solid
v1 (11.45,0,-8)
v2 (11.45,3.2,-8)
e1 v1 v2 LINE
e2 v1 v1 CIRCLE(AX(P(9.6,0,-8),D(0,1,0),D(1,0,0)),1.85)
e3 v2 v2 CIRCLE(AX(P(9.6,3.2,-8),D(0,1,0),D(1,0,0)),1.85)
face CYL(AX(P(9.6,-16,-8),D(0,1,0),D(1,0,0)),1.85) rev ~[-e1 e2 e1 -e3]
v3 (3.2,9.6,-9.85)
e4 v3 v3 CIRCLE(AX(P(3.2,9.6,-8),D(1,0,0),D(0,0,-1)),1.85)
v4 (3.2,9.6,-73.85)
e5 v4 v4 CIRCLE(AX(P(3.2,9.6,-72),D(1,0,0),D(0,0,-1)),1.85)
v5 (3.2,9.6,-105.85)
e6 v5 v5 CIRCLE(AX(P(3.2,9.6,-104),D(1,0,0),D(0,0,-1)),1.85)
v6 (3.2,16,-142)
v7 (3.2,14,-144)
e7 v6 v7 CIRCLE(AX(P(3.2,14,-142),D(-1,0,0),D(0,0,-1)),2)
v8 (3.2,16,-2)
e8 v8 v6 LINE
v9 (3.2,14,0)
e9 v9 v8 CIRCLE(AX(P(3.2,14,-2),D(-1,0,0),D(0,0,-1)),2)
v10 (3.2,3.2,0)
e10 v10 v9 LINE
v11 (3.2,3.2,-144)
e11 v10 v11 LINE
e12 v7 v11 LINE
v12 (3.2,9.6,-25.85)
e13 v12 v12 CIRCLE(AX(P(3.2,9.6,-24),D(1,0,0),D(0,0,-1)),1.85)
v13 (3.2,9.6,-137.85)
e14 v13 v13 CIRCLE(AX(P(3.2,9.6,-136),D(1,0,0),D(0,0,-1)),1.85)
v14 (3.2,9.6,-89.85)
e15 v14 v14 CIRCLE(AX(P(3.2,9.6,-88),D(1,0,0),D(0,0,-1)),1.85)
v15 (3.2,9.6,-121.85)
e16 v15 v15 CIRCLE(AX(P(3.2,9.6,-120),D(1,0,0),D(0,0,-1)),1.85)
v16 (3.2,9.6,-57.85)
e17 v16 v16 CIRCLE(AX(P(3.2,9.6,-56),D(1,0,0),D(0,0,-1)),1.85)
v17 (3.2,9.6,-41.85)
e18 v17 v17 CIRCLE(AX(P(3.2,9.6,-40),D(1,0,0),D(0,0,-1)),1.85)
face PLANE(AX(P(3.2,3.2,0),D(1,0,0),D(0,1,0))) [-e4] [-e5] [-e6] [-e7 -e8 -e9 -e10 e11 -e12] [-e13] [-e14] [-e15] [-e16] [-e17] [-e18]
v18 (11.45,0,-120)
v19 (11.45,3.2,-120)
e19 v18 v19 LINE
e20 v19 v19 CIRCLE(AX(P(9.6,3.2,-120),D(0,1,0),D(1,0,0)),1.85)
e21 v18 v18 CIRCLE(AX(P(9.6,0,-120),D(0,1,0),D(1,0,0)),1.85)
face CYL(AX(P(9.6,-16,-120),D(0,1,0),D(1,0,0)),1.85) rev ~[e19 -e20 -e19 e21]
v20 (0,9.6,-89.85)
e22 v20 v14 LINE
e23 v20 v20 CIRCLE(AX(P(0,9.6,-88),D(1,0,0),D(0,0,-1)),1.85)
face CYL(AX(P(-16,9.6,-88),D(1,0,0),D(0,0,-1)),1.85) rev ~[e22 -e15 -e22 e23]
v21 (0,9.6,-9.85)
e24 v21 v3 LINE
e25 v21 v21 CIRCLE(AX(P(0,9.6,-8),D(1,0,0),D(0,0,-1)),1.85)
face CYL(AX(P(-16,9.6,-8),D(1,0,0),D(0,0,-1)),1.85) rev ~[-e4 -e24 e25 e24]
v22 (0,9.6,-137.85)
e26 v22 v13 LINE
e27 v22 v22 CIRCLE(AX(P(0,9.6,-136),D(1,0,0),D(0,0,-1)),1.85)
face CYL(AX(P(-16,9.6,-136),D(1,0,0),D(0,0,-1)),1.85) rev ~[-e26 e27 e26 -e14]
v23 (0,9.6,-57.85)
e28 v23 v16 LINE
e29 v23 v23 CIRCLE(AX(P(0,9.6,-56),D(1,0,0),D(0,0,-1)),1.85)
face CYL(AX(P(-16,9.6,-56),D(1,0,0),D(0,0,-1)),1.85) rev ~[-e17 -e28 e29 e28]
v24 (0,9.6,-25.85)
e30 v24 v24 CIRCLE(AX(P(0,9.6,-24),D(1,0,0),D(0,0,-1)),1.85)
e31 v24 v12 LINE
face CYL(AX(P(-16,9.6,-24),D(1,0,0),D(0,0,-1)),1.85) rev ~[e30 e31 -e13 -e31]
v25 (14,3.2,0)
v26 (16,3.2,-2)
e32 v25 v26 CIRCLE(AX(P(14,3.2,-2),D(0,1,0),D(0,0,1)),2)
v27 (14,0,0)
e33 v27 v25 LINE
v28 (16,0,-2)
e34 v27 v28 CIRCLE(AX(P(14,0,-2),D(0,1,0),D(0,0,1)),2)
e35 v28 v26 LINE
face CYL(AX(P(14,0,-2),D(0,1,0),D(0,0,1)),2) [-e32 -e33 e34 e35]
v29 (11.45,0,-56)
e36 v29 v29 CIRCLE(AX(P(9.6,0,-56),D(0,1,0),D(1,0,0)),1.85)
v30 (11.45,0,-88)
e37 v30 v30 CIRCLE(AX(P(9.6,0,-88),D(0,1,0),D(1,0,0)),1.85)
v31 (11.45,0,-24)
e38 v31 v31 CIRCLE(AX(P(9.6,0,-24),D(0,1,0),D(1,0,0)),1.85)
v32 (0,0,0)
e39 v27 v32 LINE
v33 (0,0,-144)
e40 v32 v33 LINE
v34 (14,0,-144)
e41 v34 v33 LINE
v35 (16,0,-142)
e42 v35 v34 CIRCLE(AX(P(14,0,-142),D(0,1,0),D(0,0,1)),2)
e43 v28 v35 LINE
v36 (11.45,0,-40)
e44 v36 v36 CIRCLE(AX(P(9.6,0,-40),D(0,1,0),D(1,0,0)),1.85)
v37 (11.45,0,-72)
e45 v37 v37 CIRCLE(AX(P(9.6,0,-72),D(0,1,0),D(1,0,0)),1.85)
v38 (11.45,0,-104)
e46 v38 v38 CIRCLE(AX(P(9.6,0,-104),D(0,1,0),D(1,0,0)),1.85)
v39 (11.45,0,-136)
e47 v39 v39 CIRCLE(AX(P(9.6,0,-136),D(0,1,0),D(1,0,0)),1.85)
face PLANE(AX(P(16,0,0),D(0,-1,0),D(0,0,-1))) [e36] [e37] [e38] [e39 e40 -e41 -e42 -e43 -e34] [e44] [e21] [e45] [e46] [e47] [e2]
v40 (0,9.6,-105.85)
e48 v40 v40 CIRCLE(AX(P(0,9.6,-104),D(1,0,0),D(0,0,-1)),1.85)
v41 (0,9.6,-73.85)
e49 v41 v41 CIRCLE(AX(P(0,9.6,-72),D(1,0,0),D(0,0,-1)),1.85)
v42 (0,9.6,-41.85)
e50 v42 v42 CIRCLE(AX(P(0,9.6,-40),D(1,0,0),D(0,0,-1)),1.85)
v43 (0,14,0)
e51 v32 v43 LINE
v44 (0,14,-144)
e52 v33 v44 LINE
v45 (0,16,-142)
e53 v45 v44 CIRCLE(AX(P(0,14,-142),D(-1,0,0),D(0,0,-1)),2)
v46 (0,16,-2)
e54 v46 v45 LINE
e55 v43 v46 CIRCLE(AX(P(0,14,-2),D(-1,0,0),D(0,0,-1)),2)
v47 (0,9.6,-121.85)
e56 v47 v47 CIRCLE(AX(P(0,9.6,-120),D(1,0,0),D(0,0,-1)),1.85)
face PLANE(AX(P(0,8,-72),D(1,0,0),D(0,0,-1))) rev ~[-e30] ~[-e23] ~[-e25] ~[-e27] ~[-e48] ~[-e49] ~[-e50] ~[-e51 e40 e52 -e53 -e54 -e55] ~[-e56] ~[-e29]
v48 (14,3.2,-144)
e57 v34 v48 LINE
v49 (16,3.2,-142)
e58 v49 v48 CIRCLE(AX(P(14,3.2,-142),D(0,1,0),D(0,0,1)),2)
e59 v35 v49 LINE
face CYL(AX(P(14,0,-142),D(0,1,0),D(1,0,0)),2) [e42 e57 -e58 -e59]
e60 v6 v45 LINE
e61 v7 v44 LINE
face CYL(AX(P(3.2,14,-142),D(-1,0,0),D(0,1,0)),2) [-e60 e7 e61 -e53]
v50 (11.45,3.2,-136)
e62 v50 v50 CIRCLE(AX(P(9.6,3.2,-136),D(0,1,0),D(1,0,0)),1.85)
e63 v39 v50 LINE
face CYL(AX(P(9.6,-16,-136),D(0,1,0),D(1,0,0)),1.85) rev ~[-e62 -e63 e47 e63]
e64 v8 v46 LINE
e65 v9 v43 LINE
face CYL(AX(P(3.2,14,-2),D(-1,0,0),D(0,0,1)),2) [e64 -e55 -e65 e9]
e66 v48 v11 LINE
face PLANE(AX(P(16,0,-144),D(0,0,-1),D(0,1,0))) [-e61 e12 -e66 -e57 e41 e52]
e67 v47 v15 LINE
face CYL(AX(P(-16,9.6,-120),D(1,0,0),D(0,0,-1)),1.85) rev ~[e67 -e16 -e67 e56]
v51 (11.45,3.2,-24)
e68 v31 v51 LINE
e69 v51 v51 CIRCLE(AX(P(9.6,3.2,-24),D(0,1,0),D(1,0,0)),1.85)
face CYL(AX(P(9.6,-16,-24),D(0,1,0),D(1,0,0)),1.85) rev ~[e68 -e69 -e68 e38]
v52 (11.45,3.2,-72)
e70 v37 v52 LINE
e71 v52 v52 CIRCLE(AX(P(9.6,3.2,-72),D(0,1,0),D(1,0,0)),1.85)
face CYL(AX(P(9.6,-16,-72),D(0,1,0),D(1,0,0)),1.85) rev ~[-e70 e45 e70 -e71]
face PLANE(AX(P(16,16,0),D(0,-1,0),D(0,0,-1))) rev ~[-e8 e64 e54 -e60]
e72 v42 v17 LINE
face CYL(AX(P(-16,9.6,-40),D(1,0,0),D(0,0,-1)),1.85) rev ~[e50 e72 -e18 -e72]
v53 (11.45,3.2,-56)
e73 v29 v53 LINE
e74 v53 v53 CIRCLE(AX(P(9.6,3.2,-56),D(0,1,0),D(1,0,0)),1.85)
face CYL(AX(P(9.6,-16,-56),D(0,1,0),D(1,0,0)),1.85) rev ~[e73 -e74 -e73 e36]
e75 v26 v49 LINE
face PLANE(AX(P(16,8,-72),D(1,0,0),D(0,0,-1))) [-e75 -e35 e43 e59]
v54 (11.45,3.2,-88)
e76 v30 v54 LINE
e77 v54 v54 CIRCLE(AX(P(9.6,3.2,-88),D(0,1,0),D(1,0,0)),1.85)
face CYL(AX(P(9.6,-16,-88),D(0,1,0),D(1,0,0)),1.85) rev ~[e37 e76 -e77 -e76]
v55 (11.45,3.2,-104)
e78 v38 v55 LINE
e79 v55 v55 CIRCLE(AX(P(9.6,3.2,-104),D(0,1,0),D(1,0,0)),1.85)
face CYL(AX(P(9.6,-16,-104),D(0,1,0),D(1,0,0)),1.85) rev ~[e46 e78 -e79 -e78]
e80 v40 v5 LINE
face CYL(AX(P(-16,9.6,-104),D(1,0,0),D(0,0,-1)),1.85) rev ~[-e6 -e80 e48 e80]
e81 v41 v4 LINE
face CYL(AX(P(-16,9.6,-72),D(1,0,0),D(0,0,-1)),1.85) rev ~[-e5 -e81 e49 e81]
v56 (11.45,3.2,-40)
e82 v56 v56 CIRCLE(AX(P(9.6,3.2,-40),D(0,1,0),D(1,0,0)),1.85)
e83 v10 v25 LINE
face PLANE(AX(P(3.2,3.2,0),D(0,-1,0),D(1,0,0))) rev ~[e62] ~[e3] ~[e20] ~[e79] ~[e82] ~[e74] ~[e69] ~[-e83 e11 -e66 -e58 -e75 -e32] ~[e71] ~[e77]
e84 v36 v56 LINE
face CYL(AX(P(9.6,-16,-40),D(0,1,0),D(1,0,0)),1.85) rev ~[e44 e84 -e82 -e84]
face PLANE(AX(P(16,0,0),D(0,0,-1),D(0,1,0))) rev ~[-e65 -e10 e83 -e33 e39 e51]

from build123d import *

# Parameters (mm, degrees)
SKETCH1_W                      = 144
SKETCH1_H                      = 16
BOSS_EXTRUDE1_DEPTH            = 16
SKETCH2_W                      = 12.8
SKETCH2_H                      = 12.8
CUT_EXTRUDE1_DEPTH             = 145
F_3_7_3_7_DIAMETER_HOLE1_D     = 3.7
F_3_7_3_7_DIAMETER_HOLE1_DEPTH = 16
F_3_7_3_7_DIAMETER_HOLE2_D     = 3.7
F_3_7_3_7_DIAMETER_HOLE2_DEPTH = 16
FILLET1_R                      = 2


with BuildPart() as part:
    # Sketch1 → Boss-Extrude1 (new body)
    with BuildSketch(Plane(origin=(16, 0, 0), x_dir=(0, 0, -1), z_dir=(1, 0, 0))):
        with Locations((72, 8)):
            Rectangle(SKETCH1_W, SKETCH1_H)
    extrude(amount=-BOSS_EXTRUDE1_DEPTH)

    # Sketch2 → Cut-Extrude1 (cut, through all)
    with BuildSketch(Plane.XY):
        with Locations((9.6, 9.6)):
            Rectangle(SKETCH2_W, SKETCH2_H)
    extrude(amount=-CUT_EXTRUDE1_DEPTH, mode=Mode.SUBTRACT)

    # Ø3.7 (3.7) Diameter Hole1
    with Locations(Plane.ZY):
        with Locations((-24, 9.6), (-40, 9.6), (-56, 9.6), (-72, 9.6), (-88, 9.6), (-104, 9.6), (-120, 9.6), (-136, 9.6), (-8, 9.6)):
            Hole(F_3_7_3_7_DIAMETER_HOLE1_D / 2, depth=F_3_7_3_7_DIAMETER_HOLE1_DEPTH)

    # Ø3.7 (3.7) Diameter Hole2
    with Locations(Plane(origin=(0, 0, 0), x_dir=(-1, 0, 0), z_dir=(0, -1, 0))):
        with Locations((-9.6, 24), (-9.6, 40), (-9.6, 56), (-9.6, 72), (-9.6, 88), (-9.6, 104), (-9.6, 120), (-9.6, 136), (-9.6, 8)):
            Hole(F_3_7_3_7_DIAMETER_HOLE2_D / 2, depth=F_3_7_3_7_DIAMETER_HOLE2_DEPTH)

    # Fillet1
    fillet1_edges = [part.edges().sort_by_distance(p)[0] for p in [
        (16, 1.6, 0),
        (16, 1.6, -144),
        (1.6, 16, 0),
        (1.6, 16, -144),
    ]]
    fillet(fillet1_edges, radius=FILLET1_R)


solid = part.part
